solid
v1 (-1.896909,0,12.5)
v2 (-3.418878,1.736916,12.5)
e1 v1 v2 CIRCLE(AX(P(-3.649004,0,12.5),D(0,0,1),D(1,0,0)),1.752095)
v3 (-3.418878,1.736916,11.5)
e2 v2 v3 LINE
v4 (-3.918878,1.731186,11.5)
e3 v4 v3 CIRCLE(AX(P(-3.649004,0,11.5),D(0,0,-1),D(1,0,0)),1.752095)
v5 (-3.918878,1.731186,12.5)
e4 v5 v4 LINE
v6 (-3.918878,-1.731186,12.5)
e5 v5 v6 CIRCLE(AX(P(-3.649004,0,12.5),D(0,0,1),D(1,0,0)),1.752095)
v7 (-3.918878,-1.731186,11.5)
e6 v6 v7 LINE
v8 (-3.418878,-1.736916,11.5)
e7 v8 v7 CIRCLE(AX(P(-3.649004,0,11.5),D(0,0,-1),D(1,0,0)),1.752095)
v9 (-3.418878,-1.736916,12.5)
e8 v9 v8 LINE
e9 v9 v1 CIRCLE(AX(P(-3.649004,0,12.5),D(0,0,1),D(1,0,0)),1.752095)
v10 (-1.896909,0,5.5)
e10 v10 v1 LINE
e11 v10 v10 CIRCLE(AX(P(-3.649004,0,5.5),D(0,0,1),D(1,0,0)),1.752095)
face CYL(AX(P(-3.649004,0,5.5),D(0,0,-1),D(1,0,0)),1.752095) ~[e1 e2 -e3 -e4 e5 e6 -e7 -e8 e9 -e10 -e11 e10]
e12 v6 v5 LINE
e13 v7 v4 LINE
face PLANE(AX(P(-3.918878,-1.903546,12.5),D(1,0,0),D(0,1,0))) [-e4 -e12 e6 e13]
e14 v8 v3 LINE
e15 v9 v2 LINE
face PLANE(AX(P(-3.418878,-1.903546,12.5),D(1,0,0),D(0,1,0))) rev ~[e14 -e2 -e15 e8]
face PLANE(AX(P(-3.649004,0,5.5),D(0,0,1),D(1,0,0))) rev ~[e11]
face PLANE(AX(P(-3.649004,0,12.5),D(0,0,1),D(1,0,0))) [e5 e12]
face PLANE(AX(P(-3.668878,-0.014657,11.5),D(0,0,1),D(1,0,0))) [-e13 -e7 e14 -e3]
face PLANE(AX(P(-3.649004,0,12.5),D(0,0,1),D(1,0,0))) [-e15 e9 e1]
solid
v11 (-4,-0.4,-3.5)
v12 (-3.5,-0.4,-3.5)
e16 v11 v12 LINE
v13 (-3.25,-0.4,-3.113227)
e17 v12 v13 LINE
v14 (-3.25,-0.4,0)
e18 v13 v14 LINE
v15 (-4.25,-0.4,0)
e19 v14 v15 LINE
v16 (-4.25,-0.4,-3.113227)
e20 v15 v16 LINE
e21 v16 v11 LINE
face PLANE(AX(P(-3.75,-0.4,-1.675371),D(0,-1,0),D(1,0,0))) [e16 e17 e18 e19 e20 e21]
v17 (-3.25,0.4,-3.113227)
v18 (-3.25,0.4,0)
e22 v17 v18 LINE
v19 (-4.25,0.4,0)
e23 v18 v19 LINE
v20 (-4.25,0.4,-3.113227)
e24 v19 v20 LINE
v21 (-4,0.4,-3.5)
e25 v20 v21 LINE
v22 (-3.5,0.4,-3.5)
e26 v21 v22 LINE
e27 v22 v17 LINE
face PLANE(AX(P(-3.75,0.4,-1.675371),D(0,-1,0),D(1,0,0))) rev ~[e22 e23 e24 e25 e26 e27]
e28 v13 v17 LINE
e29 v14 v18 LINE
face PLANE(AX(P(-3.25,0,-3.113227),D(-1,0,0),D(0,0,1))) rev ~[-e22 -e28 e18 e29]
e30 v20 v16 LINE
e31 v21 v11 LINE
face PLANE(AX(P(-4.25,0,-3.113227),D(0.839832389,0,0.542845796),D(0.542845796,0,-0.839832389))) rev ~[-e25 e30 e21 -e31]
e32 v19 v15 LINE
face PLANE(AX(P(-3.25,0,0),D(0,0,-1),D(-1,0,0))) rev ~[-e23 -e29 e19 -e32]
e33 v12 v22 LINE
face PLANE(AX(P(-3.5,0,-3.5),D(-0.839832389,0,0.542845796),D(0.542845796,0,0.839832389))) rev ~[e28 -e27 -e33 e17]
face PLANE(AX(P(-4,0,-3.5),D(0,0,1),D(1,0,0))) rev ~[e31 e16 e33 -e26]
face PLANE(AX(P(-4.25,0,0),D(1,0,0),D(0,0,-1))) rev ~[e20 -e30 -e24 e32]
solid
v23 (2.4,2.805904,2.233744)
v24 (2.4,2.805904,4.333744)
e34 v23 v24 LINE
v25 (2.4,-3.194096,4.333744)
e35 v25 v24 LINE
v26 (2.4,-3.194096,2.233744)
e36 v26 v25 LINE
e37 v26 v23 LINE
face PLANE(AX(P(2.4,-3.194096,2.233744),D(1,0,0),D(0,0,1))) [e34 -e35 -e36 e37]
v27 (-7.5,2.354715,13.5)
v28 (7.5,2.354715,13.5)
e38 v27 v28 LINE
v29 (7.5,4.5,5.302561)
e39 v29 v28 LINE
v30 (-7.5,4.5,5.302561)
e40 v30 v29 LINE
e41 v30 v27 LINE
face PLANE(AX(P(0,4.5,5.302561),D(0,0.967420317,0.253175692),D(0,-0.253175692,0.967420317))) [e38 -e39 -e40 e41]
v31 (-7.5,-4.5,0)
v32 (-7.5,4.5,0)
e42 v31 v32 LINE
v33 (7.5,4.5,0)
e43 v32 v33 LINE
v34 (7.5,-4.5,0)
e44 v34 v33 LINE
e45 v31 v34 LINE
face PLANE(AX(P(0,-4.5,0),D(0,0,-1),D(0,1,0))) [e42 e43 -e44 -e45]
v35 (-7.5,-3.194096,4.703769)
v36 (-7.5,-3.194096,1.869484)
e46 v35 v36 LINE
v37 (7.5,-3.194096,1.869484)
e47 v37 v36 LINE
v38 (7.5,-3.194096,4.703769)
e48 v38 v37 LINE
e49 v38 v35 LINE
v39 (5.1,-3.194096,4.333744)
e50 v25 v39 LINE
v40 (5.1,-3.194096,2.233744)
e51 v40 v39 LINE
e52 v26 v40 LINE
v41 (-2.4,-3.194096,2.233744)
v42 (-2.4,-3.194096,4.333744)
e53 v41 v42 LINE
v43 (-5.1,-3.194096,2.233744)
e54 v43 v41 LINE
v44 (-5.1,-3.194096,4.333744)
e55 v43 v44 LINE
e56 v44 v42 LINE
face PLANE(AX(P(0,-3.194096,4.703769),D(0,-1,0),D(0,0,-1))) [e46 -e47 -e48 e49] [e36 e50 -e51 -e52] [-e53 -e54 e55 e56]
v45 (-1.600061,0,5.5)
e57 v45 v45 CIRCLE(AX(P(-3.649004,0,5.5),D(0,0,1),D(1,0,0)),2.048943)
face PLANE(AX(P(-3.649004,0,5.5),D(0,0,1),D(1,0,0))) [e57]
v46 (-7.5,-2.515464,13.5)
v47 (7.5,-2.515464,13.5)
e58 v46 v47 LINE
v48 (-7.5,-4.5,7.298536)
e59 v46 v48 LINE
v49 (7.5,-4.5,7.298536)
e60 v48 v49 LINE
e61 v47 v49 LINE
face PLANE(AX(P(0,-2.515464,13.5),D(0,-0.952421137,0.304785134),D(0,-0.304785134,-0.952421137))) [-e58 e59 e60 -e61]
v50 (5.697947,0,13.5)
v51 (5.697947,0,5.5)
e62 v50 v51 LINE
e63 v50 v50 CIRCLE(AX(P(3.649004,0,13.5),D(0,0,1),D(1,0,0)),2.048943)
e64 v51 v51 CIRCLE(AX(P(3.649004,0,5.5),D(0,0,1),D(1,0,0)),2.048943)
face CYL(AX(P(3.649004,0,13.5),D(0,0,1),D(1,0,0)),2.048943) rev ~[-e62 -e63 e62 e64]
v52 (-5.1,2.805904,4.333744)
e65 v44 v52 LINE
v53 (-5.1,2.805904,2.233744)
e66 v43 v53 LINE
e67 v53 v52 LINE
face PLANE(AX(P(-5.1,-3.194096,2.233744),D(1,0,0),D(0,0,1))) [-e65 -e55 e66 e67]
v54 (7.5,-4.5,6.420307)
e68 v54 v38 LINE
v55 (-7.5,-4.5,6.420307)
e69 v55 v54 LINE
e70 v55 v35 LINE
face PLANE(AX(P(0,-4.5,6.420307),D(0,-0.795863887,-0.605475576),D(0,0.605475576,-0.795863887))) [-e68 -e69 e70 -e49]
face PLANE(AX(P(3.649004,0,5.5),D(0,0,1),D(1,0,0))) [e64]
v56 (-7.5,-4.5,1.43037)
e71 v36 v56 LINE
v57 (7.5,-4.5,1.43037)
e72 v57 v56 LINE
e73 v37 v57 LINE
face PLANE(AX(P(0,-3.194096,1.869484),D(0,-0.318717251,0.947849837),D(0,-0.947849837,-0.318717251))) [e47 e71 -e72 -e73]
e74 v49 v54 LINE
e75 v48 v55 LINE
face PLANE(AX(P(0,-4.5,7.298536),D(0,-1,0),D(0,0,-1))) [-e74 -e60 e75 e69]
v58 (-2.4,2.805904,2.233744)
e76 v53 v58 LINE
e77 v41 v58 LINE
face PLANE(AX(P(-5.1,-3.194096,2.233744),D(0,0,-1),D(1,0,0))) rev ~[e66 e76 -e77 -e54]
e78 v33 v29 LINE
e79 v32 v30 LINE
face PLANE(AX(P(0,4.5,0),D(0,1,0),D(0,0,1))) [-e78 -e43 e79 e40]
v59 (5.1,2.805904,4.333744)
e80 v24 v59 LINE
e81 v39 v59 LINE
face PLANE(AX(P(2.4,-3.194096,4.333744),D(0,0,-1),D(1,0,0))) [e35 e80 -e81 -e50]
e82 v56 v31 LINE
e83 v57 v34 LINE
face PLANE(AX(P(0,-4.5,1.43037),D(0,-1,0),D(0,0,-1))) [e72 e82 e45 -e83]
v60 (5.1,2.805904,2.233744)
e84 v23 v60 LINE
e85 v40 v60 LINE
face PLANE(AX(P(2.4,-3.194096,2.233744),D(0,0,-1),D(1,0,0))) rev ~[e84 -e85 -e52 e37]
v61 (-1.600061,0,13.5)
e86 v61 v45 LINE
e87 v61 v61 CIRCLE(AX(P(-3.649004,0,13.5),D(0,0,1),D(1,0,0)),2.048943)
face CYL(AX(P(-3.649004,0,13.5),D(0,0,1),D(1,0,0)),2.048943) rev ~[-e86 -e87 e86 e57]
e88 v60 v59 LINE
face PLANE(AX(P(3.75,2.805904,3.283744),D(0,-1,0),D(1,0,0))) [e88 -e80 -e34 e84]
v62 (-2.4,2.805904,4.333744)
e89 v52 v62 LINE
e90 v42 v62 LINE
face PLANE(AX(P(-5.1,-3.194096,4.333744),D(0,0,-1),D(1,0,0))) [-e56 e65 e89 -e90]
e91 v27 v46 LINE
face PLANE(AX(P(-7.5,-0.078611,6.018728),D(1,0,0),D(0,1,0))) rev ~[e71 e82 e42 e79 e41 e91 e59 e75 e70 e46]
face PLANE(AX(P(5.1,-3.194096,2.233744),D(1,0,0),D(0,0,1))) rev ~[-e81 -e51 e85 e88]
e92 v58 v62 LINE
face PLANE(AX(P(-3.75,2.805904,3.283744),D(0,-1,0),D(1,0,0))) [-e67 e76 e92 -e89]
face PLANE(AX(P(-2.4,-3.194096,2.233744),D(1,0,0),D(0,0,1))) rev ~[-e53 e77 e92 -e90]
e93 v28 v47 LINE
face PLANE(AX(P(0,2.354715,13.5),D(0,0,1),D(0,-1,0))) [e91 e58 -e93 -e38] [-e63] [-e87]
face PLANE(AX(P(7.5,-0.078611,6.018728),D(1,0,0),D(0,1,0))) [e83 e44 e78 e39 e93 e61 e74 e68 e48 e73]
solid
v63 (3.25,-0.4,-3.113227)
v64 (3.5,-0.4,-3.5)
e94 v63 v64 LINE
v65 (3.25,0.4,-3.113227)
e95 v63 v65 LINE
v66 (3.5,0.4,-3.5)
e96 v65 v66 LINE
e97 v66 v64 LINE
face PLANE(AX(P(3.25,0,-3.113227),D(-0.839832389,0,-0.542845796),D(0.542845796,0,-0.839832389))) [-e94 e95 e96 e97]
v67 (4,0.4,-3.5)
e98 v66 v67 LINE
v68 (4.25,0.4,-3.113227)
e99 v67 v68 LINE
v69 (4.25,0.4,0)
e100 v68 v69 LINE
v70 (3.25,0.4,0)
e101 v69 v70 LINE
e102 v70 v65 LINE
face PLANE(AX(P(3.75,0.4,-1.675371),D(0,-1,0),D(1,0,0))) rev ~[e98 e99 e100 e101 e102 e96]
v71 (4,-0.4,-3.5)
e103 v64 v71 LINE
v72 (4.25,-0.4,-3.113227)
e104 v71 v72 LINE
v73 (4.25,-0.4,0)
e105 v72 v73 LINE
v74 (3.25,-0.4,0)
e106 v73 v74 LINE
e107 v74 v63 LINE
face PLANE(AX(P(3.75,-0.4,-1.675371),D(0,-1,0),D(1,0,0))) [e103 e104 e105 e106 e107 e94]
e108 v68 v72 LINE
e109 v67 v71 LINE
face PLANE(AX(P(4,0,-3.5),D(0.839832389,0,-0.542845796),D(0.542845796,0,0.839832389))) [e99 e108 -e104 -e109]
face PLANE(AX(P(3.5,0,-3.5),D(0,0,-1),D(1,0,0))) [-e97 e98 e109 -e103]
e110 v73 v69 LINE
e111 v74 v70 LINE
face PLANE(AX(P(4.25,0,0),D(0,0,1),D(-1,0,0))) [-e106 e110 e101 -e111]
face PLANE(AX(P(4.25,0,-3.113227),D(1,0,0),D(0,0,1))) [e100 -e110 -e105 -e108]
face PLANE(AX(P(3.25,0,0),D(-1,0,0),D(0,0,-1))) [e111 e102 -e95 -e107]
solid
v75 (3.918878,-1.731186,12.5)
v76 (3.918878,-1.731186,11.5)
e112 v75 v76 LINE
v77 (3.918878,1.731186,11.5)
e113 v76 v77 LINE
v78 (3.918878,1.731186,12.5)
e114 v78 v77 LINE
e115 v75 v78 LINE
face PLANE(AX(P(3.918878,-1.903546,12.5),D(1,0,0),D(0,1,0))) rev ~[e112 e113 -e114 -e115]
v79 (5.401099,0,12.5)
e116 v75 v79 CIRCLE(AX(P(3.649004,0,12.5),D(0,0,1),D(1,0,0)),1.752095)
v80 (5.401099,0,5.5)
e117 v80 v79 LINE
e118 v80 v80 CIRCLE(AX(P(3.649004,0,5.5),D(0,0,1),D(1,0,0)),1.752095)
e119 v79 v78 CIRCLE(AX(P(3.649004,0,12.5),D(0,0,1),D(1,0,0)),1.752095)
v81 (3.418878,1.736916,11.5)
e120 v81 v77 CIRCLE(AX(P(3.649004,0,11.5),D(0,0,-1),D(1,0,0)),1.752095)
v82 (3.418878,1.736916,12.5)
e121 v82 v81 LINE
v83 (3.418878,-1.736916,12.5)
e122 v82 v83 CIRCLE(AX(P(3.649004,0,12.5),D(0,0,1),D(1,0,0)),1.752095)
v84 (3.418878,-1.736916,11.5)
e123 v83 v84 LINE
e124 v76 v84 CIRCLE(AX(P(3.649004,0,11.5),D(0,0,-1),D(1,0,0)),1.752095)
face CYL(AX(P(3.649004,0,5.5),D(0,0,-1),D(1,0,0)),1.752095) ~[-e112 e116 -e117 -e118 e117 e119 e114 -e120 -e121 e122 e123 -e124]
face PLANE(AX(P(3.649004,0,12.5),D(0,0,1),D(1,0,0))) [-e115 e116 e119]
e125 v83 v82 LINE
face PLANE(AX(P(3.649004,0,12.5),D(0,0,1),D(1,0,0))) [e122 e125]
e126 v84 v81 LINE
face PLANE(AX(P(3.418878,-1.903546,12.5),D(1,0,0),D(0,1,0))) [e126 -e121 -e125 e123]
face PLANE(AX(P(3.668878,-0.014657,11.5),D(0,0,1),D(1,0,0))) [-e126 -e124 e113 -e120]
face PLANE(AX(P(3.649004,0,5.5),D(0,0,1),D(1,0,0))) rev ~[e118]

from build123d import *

# Parameters (mm, degrees)
F1_DEPTH  = 7.5
F2_W      = 2.7
F2_H      = 2.1
F3_DEPTH  = 6
F4_R      = 2.048943
F5_DEPTH  = 8
F6_R      = 1.752095
F7_DEPTH  = 7
F8_W      = 0.5
F8_H      = 3.777778
F9_DEPTH  = 1
F11_DEPTH = 0.4


with BuildPart() as f1:
    # F0 (on Right) → F1 (new body, symmetric)
    with BuildSketch(Plane.YZ):
        Polygon((-4.5, 1.43037), (-4.5, 0), (4.5, 0), (4.5, 5.302561), (2.354715, 13.5), (-2.515464, 13.5), (-4.5, 7.298536), (-4.5, 6.420307), (-3.194096, 4.703769), (-3.194096, 1.869484), align=None)
    extrude(amount=F1_DEPTH, both=True)

    # F2 (on face) → F3 (cut)
    with BuildSketch(Plane.XZ.offset(3.194096)):
        with Locations((-3.75, 3.283744)):
            Rectangle(F2_W, F2_H)
        with Locations((3.75, 3.283744)):
            Rectangle(F2_W, F2_H)
    extrude(amount=-F3_DEPTH, mode=Mode.SUBTRACT)

    # F4 (on face) → F5 (cut)
    with BuildSketch(Plane.XY.offset(13.5)):
        with Locations((-3.649004, 0)):
            Circle(F4_R)
        with Locations((3.649004, 0)):
            Circle(F4_R)
    extrude(amount=-F5_DEPTH, mode=Mode.SUBTRACT)


with BuildPart() as f7:
    # F6 (on face) → F7 (new body)
    with BuildSketch(Plane.XY.offset(5.5)):
        with Locations((3.649004, 0)):
            Circle(F6_R)
        with Locations((-3.649004, 0)):
            Circle(F6_R)
    extrude(amount=F7_DEPTH)

    # F8 (on face) → F9 (cut)
    with BuildSketch(Plane.XY.offset(12.5)):
        with Locations((-3.668878, -0.014657)):
            Rectangle(F8_W, F8_H)
        with Locations((3.668878, -0.014657)):
            Rectangle(F8_W, F8_H)
    extrude(amount=-F9_DEPTH, mode=Mode.SUBTRACT)


with BuildPart() as f11:
    # F10 (on Front) → F11 (new body, symmetric)
    with BuildSketch(Plane.XZ):
        Polygon((-3.25, 0), (-4.25, 0), (-4.25, -3.113227), (-4, -3.5), (-3.5, -3.5), (-3.25, -3.113227), align=None)
        Polygon((3.25, -3.113227), (3.5, -3.5), (4, -3.5), (4.25, -3.113227), (4.25, 0), (3.25, 0), align=None)
    extrude(amount=F11_DEPTH, both=True)


solid = Compound([f1.part, f7.part, f11.part])
